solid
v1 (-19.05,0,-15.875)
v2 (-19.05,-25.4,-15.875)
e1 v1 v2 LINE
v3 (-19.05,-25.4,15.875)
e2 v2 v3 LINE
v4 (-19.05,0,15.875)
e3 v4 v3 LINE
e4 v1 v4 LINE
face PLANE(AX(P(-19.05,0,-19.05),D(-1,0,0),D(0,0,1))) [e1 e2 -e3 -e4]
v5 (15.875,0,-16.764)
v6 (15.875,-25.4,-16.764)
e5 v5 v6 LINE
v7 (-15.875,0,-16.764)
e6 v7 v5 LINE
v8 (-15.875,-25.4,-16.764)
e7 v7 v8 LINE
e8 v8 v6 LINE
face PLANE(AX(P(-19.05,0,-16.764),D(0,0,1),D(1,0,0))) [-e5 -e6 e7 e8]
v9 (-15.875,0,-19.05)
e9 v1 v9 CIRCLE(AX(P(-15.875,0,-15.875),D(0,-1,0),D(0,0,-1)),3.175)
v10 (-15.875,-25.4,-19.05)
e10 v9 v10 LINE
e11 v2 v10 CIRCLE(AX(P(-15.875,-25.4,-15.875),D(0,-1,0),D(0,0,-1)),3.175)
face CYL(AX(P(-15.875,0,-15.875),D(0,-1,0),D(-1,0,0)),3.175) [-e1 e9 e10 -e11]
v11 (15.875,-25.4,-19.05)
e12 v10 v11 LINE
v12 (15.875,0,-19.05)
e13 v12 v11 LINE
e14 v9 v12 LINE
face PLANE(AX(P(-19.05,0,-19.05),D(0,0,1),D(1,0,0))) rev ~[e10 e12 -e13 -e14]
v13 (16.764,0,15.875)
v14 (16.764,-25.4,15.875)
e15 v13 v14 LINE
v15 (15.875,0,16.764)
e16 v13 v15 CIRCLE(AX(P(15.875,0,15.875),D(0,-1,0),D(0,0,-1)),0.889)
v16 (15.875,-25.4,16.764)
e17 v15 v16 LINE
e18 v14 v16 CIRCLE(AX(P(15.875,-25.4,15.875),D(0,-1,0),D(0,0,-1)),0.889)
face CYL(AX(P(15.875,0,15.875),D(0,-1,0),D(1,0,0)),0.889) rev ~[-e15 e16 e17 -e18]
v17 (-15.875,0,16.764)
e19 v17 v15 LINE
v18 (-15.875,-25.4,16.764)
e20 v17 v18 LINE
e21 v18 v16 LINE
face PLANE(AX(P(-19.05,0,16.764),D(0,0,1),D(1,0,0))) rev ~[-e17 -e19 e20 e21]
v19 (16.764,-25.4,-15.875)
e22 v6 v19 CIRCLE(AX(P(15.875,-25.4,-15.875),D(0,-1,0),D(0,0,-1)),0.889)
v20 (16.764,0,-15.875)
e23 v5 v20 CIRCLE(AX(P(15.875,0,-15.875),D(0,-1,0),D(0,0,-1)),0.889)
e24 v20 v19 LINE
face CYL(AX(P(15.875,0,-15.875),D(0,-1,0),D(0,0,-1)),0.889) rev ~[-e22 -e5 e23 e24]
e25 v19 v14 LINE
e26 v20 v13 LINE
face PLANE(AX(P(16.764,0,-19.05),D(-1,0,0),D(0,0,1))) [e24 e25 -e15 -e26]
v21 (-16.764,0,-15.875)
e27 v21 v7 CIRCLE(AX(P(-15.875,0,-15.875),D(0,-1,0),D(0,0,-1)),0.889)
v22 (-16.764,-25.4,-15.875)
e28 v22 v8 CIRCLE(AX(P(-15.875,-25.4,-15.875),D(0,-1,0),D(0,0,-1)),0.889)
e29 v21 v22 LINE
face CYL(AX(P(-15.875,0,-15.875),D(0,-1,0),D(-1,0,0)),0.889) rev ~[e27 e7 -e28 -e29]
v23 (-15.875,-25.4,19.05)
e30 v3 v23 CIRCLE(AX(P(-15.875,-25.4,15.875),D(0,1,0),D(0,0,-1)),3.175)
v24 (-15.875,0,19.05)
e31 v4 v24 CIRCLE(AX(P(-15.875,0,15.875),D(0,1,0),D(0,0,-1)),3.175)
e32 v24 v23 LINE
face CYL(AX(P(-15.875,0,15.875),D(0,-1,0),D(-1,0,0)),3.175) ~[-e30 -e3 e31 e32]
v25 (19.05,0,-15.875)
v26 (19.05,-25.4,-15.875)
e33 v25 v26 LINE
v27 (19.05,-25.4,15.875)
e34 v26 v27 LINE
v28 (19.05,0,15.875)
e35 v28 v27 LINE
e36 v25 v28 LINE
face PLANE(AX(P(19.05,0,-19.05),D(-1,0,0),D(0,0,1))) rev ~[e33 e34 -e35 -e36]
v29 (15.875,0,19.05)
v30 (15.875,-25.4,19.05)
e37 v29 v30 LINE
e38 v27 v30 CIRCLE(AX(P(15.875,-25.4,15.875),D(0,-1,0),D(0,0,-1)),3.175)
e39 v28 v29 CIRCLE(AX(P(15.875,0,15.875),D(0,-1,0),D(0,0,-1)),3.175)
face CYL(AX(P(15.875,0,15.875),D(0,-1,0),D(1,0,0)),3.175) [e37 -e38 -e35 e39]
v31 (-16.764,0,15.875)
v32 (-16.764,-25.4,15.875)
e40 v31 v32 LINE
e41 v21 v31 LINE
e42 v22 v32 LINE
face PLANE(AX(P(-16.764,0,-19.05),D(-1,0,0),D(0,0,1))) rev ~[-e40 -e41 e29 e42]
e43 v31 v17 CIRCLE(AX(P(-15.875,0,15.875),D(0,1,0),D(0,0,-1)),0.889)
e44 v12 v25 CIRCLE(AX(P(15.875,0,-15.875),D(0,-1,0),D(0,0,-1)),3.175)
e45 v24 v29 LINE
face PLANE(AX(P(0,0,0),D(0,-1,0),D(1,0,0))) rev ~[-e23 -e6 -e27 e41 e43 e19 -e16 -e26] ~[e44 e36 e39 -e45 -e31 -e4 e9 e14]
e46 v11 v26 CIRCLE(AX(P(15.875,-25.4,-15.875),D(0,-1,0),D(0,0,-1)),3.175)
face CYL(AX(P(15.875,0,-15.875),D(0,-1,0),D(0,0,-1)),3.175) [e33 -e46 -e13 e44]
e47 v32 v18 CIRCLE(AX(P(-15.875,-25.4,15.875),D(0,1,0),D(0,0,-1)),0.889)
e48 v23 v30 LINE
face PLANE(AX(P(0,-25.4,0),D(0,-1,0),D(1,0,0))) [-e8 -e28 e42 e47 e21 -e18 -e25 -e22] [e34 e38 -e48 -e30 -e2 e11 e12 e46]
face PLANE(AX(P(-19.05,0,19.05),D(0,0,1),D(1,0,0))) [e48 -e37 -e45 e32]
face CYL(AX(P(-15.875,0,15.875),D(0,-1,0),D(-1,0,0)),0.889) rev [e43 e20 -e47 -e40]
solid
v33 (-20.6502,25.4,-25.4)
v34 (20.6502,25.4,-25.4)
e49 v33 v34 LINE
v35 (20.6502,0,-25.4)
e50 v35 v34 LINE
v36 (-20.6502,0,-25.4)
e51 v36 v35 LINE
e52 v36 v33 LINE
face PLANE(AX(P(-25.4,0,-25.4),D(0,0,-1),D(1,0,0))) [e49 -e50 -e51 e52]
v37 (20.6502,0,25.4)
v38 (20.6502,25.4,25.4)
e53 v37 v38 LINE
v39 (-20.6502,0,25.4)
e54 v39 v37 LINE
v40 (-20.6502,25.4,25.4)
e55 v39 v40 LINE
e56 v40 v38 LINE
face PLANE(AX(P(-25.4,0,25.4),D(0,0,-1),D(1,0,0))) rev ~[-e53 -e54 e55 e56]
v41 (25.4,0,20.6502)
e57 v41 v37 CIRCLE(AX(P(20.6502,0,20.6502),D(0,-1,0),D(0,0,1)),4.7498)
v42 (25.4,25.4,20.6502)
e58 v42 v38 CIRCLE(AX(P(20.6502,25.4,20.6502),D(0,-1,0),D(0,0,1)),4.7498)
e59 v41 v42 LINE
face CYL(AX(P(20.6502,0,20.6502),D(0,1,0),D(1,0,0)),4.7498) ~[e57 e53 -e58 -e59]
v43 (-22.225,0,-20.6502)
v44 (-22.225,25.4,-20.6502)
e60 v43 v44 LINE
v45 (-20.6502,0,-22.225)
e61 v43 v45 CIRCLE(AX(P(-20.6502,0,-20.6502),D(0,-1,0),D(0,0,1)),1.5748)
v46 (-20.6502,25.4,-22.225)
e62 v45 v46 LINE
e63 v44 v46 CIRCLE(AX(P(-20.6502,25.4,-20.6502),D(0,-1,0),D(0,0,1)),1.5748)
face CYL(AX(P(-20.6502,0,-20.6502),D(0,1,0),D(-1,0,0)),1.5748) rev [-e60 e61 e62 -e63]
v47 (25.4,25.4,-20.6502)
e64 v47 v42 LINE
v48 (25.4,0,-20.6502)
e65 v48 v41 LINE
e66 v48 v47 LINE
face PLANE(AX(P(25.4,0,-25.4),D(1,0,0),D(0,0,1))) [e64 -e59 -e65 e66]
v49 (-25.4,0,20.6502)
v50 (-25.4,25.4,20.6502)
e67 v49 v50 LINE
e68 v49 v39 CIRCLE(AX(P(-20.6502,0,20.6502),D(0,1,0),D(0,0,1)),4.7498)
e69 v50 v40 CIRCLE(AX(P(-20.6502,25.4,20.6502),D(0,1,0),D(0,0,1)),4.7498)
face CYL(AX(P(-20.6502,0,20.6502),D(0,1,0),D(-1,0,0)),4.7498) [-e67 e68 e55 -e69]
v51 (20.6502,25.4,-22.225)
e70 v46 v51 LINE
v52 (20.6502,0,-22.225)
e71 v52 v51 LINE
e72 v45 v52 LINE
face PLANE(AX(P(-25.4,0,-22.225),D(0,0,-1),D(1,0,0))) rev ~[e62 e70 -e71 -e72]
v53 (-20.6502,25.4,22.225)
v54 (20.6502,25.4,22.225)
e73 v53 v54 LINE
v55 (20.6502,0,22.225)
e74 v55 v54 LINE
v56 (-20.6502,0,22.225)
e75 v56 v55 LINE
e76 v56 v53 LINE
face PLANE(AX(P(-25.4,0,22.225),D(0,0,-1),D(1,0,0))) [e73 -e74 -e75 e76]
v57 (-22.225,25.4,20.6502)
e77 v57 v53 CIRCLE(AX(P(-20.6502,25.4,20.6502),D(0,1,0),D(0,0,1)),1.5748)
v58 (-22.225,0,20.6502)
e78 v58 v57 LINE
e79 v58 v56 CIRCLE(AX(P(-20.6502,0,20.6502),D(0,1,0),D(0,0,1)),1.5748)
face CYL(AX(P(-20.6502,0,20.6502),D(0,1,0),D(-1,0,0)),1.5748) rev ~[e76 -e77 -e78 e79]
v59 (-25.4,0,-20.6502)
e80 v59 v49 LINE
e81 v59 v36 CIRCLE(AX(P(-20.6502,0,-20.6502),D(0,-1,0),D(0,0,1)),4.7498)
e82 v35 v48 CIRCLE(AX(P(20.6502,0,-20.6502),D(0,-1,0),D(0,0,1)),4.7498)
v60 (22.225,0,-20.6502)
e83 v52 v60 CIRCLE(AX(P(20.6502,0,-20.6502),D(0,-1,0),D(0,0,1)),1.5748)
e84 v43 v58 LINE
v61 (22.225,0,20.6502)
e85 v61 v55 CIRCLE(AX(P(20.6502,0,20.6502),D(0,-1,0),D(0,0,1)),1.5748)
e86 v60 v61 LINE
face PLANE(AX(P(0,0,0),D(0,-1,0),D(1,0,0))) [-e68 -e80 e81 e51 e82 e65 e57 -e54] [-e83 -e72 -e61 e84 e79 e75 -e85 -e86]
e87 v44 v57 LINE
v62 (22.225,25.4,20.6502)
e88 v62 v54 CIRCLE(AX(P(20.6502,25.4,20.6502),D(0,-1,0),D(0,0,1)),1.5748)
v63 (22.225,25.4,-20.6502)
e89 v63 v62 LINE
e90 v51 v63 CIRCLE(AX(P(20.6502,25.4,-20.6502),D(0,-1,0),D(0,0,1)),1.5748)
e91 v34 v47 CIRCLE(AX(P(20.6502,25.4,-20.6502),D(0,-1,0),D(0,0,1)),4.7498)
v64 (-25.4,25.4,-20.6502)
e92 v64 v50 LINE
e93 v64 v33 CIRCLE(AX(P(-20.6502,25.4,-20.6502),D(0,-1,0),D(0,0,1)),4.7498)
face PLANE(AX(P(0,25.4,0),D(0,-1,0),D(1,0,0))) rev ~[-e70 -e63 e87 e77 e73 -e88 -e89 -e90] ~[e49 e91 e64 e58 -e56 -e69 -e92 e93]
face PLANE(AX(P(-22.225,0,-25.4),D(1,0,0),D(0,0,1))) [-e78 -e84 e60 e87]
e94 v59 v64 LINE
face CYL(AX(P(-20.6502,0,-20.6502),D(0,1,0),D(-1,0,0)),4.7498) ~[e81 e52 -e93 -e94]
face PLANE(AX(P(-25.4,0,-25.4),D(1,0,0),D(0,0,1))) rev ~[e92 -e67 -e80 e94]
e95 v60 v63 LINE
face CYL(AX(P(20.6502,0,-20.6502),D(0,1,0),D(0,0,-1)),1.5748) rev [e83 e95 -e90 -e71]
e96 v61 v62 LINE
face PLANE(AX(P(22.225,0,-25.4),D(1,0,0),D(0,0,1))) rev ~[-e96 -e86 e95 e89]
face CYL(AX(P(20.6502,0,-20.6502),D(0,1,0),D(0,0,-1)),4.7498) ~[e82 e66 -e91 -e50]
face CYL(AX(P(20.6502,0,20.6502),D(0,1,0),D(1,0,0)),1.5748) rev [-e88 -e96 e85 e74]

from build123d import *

# Parameters (mm, degrees)
F0_W     = 50.8
F0_H     = 50.8
F1_DEPTH = 25.4
F2_R     = 4.7498
F3_T     = -3.175
F4_W     = 38.1
F4_H     = 38.1
F5_DEPTH = 25.4
F6_R     = 3.175
F7_T     = -2.286


with BuildPart() as f1:
    # F0 (on Front) → F1 (new body)
    with BuildSketch(Plane.XZ):
        Rectangle(F0_W, F0_H)
    extrude(amount=-F1_DEPTH)

    # F2
    f2_edges = [f1.edges().sort_by_distance(p)[0] for p in [
        (-25.4, 12.7, 25.4),
        (25.4, 12.7, 25.4),
        (25.4, 12.7, -25.4),
        (-25.4, 12.7, -25.4),
    ]]
    fillet(f2_edges, radius=F2_R)

    # F3
    f3_openings = [f1.faces().sort_by_distance(p)[0] for p in [
        (0, 25.4, 0),
        (0, 0, 0),
    ]]
    offset(amount=F3_T, openings=f3_openings)


with BuildPart() as f5:
    # F4 (on Front) → F5 (new body)
    with BuildSketch(Plane.XZ):
        Rectangle(F4_W, F4_H)
    extrude(amount=F5_DEPTH)

    # F6
    f6_edges = [f5.edges().sort_by_distance(p)[0] for p in [
        (-19.05, -12.7, 19.05),
        (19.05, -12.7, 19.05),
        (19.05, -12.7, -19.05),
        (-19.05, -12.7, -19.05),
    ]]
    fillet(f6_edges, radius=F6_R)

    # F7
    f7_openings = [f5.faces().sort_by_distance(p)[0] for p in [
        (0, -25.4, 0),
        (0, 0, 0),
    ]]
    offset(amount=F7_T, openings=f7_openings)


solid = Compound([f1.part, f5.part])
